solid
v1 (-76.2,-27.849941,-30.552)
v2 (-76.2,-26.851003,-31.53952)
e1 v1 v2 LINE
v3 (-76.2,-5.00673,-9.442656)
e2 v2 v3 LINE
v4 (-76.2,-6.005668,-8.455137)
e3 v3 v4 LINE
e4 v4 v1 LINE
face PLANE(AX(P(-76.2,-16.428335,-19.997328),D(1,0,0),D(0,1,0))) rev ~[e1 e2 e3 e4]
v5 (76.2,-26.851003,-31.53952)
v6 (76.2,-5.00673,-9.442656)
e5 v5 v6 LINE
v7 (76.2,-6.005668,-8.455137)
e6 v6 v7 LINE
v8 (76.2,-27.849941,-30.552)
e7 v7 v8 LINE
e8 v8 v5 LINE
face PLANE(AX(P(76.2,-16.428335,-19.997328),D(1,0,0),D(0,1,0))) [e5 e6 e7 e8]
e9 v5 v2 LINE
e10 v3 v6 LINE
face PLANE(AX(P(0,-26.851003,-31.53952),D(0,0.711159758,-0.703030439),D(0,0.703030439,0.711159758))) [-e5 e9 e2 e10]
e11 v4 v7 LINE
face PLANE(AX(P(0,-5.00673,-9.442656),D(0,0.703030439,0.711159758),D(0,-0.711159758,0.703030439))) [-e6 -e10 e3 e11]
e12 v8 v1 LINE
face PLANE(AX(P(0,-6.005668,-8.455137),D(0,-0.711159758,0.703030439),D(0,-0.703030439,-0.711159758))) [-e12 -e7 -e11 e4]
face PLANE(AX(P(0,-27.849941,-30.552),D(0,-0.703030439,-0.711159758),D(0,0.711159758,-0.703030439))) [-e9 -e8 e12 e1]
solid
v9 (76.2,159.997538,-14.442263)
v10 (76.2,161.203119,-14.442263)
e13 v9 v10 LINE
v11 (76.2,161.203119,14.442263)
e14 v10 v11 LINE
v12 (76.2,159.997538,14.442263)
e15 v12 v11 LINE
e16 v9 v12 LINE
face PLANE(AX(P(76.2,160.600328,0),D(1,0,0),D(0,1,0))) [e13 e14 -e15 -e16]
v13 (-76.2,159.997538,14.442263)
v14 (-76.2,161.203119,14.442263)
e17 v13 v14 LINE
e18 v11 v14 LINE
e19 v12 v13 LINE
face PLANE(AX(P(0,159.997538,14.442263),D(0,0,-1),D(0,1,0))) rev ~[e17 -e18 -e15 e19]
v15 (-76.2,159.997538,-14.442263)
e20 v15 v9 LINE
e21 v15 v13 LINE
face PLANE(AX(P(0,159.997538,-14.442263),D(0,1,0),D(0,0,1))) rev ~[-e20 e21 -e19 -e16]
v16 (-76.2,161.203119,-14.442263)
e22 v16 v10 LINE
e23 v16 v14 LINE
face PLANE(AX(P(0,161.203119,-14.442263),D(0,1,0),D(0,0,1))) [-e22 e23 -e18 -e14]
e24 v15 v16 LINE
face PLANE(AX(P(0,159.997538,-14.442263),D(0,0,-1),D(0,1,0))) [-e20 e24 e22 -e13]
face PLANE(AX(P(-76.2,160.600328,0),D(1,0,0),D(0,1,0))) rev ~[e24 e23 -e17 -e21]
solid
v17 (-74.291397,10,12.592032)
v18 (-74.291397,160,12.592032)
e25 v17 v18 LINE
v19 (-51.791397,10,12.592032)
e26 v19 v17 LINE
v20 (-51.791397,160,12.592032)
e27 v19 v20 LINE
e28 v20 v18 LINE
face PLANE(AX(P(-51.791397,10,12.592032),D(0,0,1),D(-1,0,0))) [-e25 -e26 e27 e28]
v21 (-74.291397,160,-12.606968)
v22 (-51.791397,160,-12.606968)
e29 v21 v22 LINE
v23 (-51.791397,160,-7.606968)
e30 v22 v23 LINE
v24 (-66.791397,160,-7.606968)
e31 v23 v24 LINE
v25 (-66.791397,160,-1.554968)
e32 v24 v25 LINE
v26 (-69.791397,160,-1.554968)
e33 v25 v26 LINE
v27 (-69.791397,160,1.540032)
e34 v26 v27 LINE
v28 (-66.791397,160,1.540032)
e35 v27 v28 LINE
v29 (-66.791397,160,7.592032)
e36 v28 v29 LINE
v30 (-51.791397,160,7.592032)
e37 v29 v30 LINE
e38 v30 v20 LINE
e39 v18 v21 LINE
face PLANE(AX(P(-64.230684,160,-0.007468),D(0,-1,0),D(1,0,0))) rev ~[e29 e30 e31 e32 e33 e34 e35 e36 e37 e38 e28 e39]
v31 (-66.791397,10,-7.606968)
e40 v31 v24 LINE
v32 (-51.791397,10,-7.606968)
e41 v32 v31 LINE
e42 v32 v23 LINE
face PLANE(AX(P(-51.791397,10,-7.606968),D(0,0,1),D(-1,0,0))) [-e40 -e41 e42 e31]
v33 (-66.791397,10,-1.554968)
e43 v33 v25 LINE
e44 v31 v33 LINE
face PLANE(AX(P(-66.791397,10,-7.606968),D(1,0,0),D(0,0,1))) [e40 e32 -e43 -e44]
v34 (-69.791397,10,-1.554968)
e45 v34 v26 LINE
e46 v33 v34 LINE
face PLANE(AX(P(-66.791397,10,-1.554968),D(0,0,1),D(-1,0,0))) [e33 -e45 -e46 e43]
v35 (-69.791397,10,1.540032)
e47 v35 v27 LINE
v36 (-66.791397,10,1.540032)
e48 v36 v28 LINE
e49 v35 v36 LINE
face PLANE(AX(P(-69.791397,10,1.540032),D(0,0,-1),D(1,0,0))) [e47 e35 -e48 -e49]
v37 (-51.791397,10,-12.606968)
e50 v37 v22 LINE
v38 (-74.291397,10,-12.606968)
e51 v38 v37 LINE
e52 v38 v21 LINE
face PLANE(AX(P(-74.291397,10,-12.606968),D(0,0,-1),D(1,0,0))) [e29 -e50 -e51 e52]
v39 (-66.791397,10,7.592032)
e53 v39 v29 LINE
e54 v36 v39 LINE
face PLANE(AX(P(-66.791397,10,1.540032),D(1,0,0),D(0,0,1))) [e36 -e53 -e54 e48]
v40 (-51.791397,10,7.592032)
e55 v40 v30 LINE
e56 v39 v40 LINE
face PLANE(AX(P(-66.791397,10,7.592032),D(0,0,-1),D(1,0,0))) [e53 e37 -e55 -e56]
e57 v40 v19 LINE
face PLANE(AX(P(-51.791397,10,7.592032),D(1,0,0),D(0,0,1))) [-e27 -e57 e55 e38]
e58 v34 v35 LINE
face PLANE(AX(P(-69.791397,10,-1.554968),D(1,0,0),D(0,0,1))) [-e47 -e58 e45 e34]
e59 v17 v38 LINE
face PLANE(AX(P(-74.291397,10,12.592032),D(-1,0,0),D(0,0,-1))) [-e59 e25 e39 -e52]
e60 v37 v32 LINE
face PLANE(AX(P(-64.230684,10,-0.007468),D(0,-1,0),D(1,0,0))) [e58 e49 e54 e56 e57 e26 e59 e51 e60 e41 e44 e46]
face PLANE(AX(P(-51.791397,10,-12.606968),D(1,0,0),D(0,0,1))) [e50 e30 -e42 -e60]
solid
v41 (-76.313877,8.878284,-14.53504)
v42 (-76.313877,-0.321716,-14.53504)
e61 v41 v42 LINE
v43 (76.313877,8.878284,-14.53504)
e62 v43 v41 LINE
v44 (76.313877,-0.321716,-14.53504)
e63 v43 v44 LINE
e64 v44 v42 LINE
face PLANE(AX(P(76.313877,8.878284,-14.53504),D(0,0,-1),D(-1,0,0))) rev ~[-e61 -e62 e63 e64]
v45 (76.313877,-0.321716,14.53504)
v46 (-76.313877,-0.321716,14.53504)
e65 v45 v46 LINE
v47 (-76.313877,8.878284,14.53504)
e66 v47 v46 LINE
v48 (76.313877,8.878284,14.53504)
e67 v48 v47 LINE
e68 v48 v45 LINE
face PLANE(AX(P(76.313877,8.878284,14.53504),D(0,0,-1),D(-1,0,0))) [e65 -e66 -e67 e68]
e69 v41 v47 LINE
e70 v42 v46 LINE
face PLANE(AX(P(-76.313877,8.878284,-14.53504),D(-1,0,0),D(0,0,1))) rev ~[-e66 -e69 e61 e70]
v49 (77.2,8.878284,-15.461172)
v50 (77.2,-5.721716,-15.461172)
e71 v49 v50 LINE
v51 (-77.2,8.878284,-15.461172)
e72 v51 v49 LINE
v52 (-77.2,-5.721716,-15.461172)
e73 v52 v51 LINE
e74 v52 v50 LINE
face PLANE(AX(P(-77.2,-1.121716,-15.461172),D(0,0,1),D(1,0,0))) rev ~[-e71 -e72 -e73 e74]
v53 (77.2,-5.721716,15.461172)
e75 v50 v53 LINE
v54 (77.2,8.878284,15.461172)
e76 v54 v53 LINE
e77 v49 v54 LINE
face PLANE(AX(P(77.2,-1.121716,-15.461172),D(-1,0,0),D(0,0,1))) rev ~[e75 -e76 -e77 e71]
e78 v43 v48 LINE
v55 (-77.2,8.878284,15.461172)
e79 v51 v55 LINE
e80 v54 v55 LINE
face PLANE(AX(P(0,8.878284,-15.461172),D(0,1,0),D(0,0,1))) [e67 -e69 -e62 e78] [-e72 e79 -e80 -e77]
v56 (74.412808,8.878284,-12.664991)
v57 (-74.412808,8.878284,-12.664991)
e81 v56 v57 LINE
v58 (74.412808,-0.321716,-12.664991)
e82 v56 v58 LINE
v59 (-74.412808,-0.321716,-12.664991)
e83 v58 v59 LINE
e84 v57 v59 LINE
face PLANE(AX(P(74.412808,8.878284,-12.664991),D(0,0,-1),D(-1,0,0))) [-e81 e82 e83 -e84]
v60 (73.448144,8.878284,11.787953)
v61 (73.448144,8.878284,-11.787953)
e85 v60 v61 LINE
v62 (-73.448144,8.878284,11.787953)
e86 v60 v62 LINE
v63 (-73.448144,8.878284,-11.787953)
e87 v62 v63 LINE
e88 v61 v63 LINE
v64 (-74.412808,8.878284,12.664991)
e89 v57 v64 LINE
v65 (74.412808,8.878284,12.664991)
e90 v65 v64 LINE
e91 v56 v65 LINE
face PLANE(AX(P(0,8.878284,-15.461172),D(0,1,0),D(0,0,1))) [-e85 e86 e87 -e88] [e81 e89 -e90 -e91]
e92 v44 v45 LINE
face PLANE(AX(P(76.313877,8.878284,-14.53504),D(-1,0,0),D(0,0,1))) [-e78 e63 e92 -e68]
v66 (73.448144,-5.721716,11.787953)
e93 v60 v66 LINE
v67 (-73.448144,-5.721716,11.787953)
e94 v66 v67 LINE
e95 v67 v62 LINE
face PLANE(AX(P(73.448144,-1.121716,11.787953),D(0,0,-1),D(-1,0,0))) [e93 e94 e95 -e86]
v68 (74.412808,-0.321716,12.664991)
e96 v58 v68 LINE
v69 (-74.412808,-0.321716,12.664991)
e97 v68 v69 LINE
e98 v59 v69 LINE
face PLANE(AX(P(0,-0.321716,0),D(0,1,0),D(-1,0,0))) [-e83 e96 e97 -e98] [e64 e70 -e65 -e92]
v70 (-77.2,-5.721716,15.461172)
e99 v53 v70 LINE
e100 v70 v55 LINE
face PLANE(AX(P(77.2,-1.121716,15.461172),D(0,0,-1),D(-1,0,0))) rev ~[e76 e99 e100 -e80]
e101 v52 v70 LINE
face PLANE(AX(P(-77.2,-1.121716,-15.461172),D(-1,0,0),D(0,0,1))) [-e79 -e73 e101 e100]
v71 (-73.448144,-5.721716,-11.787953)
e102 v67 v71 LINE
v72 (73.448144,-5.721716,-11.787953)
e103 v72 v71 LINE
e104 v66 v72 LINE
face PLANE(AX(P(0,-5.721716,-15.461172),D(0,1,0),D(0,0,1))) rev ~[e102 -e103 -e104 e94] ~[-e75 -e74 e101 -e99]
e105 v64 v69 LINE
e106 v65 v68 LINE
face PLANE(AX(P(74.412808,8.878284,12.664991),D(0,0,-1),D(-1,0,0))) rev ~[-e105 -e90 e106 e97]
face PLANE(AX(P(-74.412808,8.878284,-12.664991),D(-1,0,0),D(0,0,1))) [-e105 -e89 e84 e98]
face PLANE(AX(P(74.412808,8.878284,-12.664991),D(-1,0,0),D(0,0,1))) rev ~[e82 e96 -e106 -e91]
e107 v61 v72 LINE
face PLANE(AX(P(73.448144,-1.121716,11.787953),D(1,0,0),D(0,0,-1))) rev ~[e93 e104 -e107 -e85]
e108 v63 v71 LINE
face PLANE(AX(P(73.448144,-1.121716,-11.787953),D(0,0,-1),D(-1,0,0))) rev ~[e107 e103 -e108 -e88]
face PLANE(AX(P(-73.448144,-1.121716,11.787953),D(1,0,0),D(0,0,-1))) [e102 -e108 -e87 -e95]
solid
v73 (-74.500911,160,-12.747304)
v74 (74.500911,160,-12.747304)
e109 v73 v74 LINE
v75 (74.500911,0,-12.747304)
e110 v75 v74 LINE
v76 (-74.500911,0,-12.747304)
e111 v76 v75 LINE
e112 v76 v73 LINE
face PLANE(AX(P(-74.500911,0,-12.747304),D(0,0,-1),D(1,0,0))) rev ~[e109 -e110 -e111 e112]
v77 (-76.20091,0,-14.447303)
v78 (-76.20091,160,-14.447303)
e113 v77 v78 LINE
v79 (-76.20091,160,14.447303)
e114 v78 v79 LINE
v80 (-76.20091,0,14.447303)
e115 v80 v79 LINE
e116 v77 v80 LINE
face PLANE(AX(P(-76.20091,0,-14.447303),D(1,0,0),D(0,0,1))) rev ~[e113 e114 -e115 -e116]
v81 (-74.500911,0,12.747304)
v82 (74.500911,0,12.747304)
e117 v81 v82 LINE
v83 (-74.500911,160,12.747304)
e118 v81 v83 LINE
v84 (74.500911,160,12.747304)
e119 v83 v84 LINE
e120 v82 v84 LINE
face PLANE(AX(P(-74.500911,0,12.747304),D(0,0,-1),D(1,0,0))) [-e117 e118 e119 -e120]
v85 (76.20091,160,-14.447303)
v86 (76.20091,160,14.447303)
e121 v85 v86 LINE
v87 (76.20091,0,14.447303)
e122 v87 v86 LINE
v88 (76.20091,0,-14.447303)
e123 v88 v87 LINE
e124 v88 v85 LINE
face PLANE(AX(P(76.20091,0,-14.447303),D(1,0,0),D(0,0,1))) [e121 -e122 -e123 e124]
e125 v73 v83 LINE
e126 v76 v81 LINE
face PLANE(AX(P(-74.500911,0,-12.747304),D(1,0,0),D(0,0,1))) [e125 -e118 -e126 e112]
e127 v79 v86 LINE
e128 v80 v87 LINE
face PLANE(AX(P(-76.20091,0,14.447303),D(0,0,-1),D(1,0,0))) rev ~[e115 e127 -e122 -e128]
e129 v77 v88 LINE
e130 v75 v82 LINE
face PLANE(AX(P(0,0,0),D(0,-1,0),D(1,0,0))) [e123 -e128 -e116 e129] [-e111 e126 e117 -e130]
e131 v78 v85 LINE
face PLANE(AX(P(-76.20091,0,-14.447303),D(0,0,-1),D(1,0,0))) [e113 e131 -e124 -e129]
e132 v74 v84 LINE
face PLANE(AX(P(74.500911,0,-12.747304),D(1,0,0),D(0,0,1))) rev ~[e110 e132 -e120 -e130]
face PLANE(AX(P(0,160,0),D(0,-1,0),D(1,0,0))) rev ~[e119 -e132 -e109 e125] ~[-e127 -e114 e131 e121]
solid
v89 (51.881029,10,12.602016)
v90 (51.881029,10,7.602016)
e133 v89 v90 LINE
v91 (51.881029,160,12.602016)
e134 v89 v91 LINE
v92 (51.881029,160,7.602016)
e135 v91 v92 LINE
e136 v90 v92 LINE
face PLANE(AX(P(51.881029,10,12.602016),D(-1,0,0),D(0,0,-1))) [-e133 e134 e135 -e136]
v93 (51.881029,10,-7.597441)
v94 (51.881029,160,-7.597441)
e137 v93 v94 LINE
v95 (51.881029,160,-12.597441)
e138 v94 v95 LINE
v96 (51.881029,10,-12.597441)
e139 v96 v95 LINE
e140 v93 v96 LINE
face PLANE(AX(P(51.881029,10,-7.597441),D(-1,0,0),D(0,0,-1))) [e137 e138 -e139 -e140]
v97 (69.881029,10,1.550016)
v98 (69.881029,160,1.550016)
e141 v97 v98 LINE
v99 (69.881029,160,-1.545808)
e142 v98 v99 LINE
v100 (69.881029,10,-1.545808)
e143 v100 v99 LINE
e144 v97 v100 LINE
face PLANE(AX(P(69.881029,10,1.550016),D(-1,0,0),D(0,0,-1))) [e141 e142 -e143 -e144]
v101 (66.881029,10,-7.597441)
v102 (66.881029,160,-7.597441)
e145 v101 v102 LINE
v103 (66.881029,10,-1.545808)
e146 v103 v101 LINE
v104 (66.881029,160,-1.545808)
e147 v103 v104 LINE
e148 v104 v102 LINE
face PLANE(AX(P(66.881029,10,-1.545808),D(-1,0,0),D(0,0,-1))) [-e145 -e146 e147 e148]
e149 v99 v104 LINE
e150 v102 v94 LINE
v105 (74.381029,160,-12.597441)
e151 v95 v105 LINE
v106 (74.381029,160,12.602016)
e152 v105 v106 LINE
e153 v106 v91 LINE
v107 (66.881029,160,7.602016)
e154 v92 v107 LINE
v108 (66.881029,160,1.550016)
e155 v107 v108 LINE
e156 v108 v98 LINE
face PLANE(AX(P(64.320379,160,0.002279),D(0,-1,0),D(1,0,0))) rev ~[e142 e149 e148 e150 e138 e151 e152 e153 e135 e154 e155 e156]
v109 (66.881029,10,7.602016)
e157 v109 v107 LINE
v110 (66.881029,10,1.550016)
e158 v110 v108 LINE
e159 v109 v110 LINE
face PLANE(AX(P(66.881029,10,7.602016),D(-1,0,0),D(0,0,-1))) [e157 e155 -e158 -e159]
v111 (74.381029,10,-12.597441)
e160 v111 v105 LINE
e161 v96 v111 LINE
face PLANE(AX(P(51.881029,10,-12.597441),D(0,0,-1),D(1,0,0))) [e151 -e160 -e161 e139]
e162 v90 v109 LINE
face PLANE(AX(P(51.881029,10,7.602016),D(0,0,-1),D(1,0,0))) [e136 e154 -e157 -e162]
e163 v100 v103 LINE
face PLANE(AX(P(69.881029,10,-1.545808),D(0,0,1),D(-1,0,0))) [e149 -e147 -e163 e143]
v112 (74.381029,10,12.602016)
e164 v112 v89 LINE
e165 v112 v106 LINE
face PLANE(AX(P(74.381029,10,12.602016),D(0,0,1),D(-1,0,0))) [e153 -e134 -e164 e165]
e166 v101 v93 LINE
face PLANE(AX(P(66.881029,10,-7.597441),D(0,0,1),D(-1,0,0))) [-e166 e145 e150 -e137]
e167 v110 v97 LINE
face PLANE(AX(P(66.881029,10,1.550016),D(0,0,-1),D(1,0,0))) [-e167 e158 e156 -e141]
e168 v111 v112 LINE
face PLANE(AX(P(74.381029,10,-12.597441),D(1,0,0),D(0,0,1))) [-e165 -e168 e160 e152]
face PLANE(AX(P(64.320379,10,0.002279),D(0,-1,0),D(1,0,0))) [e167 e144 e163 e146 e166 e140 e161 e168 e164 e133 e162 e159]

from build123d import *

# Parameters (mm, degrees)
F0_W      = 152.4018198252
F0_H      = 28.8946051151
F0_W_2    = 149.0018218756
F0_H_2    = 25.4946071655
F1_DEPTH  = 160
F3_START  = -10
F3_DEPTH  = 150
F5_START  = -10
F5_DEPTH  = 150
F6_W      = 1.2055812009
F6_H      = 28.8845263422
F7_DEPTH  = 76.2
F9_DEPTH  = 76.2
F10_W     = 10
F10_H     = 30.9223439544
F11_DEPTH = 77.2
F12_W     = 146.8962877989
F12_H     = 23.5759057105
F13_DEPTH = 112.4
F14_W     = 152.6277539183
F14_H     = 29.0700802796
F14_W_2   = 148.8256156445
F14_H_2   = 25.3299812903
F15_DEPTH = 9.2
F16_DEPTH = 4.6


with BuildPart() as f1:
    # F0 (on Front) → F1 (new body)
    with BuildSketch(Plane.XZ):
        Rectangle(F0_W, F0_H)
        Rectangle(F0_W_2, F0_H_2, mode=Mode.SUBTRACT)
    extrude(amount=-F1_DEPTH)


with BuildPart() as f3:
    # F2 (on Front) → F3 (new body)
    with BuildSketch(Plane.XZ.offset(F3_START)):
        Polygon((-51.7913967393, 12.5920321899), (-74.2913967393, 12.5920321899), (-74.2913967393, -12.6069678101), (-51.7913967393, -12.6069678101), (-51.7913967393, -7.6069678101), (-66.7913967393, -7.6069678101), (-66.7913967393, -1.5549678101), (-69.7913967393, -1.5549678101), (-69.7913967393, 1.5400321899), (-66.7913967393, 1.5400321899), (-66.7913967393, 7.5920321899), (-51.7913967393, 7.5920321899), align=None)
    extrude(amount=-F3_DEPTH)


with BuildPart() as f5:
    # F4 (on Front) → F5 (new body)
    with BuildSketch(Plane.XZ.offset(F5_START)):
        Polygon((74.3810287863, 12.6020161743), (51.8810287863, 12.6020161743), (51.8810287863, 7.6020161743), (66.8810287863, 7.6020161743), (66.8810287863, 1.5500161743), (69.8810287863, 1.5500161743), (69.8810287863, -1.5458079478), (66.8810287863, -1.5458079478), (66.8810287863, -7.5974407703), (51.8810287863, -7.5974407703), (51.8810287863, -12.5974407703), (74.3810287863, -12.5974407703), align=None)
    extrude(amount=-F5_DEPTH)


with BuildPart() as f7:
    # F6 (on Right) → F7 (new body, symmetric)
    with BuildSketch(Plane.YZ):
        with Locations((160.6003283326, 0)):
            Rectangle(F6_W, F6_H)
    extrude(amount=F7_DEPTH, both=True)


with BuildPart() as f9:
    # F8 (on Right) → F9 (new body, symmetric)
    with BuildSketch(Plane.YZ):
        Polygon((-26.8510025357, -31.5395196355), (-5.0067298549, -9.4426561112), (-6.0056681545, -8.4551367475), (-27.8499408353, -30.5520002717), align=None)
    extrude(amount=F9_DEPTH, both=True)


with BuildPart() as f11:
    # F10 (on Right) → F11 (new body, symmetric)
    with BuildSketch(Plane.YZ):
        with Locations((3.8782835472, 0)):
            Rectangle(F10_W, F10_H)
    extrude(amount=F11_DEPTH, both=True)

    # F12 (on face) → F13 (cut, symmetric)
    with BuildSketch(Plane.XZ.offset(1.1217164528)):
        Rectangle(F12_W, F12_H)
    extrude(amount=F13_DEPTH, both=True, mode=Mode.SUBTRACT)

    # F14 (on face) → F15 (cut)
    with BuildSketch(Plane(origin=(0, 8.8782835472, 0), x_dir=(-1, 0, 0), z_dir=(0, 1, 0))):
        Rectangle(F14_W, F14_H)
        Rectangle(F14_W_2, F14_H_2, mode=Mode.SUBTRACT)
    extrude(amount=-F15_DEPTH, mode=Mode.SUBTRACT)

    # F16 (add): a face of the model
    f16_faces = [f11.faces().sort_by_distance(p)[0] for p in [
        (0, -1.1217164528, 13.8865116534),
    ]]
    extrude(f16_faces, amount=F16_DEPTH)


solid = Compound([f1.part, f3.part, f5.part, f7.part, f9.part, f11.part])
